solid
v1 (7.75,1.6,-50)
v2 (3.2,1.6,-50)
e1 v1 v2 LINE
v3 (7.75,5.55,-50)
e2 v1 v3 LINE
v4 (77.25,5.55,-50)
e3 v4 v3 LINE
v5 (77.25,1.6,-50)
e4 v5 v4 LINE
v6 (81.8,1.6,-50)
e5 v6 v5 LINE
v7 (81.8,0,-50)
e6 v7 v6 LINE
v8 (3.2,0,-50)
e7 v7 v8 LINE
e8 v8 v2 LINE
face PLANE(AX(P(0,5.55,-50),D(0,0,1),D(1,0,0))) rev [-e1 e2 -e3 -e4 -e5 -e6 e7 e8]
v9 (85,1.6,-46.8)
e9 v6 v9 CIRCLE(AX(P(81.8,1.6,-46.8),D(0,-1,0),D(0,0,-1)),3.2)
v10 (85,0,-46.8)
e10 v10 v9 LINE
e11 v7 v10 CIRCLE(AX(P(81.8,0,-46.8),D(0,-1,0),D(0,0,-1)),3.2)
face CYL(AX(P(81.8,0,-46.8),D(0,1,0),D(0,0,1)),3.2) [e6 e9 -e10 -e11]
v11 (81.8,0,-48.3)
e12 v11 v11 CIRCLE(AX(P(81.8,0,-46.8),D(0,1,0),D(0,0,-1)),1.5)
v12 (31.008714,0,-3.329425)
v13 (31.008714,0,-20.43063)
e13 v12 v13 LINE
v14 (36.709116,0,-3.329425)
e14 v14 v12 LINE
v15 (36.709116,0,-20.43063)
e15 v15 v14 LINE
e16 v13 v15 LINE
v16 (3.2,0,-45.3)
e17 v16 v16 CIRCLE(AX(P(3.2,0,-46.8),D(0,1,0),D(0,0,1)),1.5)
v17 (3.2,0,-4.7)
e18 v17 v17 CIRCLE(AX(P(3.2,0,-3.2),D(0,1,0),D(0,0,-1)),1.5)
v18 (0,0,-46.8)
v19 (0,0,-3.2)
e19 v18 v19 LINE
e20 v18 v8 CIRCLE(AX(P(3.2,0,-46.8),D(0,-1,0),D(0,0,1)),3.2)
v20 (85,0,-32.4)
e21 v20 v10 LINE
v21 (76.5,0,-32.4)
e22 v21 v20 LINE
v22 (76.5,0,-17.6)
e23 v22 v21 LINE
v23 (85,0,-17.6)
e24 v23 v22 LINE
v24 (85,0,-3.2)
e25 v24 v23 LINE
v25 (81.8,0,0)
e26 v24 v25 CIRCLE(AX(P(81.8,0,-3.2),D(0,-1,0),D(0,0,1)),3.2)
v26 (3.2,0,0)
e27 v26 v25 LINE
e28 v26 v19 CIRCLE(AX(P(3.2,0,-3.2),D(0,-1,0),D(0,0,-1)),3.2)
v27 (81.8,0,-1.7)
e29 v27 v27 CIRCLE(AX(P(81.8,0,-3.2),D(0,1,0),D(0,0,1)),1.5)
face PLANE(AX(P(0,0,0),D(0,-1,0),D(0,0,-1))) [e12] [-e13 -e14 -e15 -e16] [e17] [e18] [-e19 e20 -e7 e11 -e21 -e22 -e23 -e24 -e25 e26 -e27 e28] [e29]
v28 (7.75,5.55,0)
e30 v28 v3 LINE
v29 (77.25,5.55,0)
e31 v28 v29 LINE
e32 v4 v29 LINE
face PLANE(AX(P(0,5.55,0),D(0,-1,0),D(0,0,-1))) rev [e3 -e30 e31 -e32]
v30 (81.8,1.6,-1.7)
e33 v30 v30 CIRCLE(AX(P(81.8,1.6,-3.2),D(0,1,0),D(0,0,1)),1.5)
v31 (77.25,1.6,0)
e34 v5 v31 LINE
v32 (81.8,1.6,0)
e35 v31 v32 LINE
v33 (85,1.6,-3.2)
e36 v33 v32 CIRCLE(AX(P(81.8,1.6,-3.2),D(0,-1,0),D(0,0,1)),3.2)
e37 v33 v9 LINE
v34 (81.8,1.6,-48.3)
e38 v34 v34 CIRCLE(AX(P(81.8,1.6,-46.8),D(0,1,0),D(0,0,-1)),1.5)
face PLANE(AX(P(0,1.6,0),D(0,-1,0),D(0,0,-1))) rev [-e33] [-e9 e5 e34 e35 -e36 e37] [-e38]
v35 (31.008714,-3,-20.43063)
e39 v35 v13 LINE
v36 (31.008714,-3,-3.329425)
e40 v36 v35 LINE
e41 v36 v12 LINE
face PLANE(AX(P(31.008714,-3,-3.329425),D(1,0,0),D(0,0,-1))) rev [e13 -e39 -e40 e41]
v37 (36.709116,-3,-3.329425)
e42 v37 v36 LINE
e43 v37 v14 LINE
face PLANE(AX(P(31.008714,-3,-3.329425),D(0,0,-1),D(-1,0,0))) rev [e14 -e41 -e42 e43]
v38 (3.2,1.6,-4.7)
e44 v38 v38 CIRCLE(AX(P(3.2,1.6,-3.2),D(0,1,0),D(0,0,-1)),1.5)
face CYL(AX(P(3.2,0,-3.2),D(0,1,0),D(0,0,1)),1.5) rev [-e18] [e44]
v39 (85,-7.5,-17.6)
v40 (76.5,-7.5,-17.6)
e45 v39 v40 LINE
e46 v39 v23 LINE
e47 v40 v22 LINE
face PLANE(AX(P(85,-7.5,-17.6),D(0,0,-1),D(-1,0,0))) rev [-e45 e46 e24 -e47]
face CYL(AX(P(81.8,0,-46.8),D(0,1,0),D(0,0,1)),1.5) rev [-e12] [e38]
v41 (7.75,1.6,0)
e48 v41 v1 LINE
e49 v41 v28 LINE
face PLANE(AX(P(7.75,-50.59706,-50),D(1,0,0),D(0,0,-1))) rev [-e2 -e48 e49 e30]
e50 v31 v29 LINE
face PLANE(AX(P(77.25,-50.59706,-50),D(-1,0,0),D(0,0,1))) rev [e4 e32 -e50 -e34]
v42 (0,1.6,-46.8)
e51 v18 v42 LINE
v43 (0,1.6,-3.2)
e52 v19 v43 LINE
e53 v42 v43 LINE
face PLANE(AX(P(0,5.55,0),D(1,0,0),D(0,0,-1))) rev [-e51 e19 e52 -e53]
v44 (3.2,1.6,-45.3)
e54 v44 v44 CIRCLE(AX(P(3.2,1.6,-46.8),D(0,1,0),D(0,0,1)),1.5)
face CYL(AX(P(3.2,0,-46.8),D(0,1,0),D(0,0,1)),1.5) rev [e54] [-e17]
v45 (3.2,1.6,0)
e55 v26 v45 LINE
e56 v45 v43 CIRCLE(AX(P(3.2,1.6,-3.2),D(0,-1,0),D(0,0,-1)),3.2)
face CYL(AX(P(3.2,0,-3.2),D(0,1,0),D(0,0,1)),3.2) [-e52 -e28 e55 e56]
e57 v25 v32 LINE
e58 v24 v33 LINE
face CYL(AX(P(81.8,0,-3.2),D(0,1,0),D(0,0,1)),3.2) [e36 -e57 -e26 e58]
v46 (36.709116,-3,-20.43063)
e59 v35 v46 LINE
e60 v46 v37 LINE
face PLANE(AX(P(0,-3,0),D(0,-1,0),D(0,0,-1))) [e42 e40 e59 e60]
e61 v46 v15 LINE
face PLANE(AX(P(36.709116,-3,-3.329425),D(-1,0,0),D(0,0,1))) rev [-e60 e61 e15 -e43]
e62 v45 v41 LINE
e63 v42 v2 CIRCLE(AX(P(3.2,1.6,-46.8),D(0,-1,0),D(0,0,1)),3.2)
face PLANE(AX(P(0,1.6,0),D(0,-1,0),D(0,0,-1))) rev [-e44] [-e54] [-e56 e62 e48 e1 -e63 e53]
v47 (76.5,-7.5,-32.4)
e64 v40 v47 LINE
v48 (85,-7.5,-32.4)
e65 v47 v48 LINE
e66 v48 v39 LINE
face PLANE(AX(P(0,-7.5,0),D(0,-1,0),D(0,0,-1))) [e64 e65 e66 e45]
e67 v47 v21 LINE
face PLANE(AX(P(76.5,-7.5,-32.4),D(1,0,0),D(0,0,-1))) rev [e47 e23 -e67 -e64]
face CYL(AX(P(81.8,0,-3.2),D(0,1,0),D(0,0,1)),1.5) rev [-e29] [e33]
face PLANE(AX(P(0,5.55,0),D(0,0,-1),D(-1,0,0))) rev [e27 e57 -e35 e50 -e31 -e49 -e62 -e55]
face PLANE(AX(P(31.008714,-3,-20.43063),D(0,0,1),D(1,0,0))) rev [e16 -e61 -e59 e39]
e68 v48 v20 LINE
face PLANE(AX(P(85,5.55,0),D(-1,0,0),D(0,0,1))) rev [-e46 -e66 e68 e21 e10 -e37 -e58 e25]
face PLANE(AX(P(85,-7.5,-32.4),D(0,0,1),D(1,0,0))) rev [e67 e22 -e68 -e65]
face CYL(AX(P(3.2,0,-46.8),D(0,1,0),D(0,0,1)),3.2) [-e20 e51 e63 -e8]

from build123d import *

# Parameters (mm, degrees)
SKETCH1_W           = 85
SKETCH1_H           = 50
BOSS_EXTRUDE1_DEPTH = 5.55
SKETCH2_W           = 7.75
SKETCH2_H           = 50
CUT_EXTRUDE1_DEPTH  = 3.95
SKETCH3_R           = 1.5
CUT_EXTRUDE2_DEPTH  = 2.6
SKETCH4_W           = 5.700401694
SKETCH4_H           = 17.101205084
BOSS_EXTRUDE2_DEPTH = 3
SKETCH5_W           = 8.5
SKETCH5_H           = 14.8
BOSS_EXTRUDE3_DEPTH = 7.5


with BuildPart() as part:
    # Sketch1 → Boss-Extrude1 (new body)
    with BuildSketch(Plane(origin=(0, 0, 0), x_dir=(1, 0, 0), z_dir=(0, 1, 0))):
        with Locations((42.5, 25)):
            Rectangle(SKETCH1_W, SKETCH1_H)
    extrude(amount=BOSS_EXTRUDE1_DEPTH)

    # Sketch2 → Cut-Extrude1 (cut)
    with BuildSketch(Plane(origin=(0, 5.55, 0), x_dir=(1, 0, 0), z_dir=(0, 1, 0))):
        with Locations((3.875, 25)):
            Rectangle(SKETCH2_W, SKETCH2_H)
        with Locations((81.125, 25)):
            Rectangle(SKETCH2_W, SKETCH2_H)
    extrude(amount=-CUT_EXTRUDE1_DEPTH, mode=Mode.SUBTRACT)

    # Sketch3 → Cut-Extrude2 (cut, through all)
    with BuildSketch(Plane(origin=(0, 1.6, 0), x_dir=(1, 0, 0), z_dir=(0, 1, 0))):
        with Locations((3.2, 46.8)):
            Circle(SKETCH3_R)
        with Locations((3.2, 3.2)):
            Circle(SKETCH3_R)
        with Locations((81.8, 3.2)):
            Circle(SKETCH3_R)
        with Locations((81.8, 46.8)):
            Circle(SKETCH3_R)
        with BuildLine():
            Line((0, 46.8), (0, 50))
            Line((0, 50), (3.2, 50))
            ThreePointArc((3.2, 50), (0.9372583, 49.0627417), (0, 46.8))
        make_face()
        with BuildLine():
            Line((0, 0), (3.2, 0))
            ThreePointArc((3.2, 0), (0.9372583, 0.9372583), (0, 3.2))
            Line((0, 3.2), (0, 0))
        make_face()
        with BuildLine():
            Line((85, 3.2), (85, 0))
            Line((85, 0), (81.8, 0))
            ThreePointArc((81.8, 0), (84.0627417, 0.9372583), (85, 3.2))
        make_face()
        with BuildLine():
            Line((85, 50), (81.8, 50))
            ThreePointArc((81.8, 50), (84.0627417, 49.0627417), (85, 46.8))
            Line((85, 46.8), (85, 50))
        make_face()
    extrude(amount=-CUT_EXTRUDE2_DEPTH, mode=Mode.SUBTRACT)

    # Sketch4 → Boss-Extrude2 (add)
    with BuildSketch(Plane.XZ):
        with Locations((33.858914892, -11.880027846)):
            Rectangle(SKETCH4_W, SKETCH4_H)
    extrude(amount=BOSS_EXTRUDE2_DEPTH)

    # Sketch5 → Boss-Extrude3 (add)
    with BuildSketch(Plane.XZ):
        with Locations((80.75, -25)):
            Rectangle(SKETCH5_W, SKETCH5_H)
    extrude(amount=BOSS_EXTRUDE3_DEPTH)


solid = part.part
